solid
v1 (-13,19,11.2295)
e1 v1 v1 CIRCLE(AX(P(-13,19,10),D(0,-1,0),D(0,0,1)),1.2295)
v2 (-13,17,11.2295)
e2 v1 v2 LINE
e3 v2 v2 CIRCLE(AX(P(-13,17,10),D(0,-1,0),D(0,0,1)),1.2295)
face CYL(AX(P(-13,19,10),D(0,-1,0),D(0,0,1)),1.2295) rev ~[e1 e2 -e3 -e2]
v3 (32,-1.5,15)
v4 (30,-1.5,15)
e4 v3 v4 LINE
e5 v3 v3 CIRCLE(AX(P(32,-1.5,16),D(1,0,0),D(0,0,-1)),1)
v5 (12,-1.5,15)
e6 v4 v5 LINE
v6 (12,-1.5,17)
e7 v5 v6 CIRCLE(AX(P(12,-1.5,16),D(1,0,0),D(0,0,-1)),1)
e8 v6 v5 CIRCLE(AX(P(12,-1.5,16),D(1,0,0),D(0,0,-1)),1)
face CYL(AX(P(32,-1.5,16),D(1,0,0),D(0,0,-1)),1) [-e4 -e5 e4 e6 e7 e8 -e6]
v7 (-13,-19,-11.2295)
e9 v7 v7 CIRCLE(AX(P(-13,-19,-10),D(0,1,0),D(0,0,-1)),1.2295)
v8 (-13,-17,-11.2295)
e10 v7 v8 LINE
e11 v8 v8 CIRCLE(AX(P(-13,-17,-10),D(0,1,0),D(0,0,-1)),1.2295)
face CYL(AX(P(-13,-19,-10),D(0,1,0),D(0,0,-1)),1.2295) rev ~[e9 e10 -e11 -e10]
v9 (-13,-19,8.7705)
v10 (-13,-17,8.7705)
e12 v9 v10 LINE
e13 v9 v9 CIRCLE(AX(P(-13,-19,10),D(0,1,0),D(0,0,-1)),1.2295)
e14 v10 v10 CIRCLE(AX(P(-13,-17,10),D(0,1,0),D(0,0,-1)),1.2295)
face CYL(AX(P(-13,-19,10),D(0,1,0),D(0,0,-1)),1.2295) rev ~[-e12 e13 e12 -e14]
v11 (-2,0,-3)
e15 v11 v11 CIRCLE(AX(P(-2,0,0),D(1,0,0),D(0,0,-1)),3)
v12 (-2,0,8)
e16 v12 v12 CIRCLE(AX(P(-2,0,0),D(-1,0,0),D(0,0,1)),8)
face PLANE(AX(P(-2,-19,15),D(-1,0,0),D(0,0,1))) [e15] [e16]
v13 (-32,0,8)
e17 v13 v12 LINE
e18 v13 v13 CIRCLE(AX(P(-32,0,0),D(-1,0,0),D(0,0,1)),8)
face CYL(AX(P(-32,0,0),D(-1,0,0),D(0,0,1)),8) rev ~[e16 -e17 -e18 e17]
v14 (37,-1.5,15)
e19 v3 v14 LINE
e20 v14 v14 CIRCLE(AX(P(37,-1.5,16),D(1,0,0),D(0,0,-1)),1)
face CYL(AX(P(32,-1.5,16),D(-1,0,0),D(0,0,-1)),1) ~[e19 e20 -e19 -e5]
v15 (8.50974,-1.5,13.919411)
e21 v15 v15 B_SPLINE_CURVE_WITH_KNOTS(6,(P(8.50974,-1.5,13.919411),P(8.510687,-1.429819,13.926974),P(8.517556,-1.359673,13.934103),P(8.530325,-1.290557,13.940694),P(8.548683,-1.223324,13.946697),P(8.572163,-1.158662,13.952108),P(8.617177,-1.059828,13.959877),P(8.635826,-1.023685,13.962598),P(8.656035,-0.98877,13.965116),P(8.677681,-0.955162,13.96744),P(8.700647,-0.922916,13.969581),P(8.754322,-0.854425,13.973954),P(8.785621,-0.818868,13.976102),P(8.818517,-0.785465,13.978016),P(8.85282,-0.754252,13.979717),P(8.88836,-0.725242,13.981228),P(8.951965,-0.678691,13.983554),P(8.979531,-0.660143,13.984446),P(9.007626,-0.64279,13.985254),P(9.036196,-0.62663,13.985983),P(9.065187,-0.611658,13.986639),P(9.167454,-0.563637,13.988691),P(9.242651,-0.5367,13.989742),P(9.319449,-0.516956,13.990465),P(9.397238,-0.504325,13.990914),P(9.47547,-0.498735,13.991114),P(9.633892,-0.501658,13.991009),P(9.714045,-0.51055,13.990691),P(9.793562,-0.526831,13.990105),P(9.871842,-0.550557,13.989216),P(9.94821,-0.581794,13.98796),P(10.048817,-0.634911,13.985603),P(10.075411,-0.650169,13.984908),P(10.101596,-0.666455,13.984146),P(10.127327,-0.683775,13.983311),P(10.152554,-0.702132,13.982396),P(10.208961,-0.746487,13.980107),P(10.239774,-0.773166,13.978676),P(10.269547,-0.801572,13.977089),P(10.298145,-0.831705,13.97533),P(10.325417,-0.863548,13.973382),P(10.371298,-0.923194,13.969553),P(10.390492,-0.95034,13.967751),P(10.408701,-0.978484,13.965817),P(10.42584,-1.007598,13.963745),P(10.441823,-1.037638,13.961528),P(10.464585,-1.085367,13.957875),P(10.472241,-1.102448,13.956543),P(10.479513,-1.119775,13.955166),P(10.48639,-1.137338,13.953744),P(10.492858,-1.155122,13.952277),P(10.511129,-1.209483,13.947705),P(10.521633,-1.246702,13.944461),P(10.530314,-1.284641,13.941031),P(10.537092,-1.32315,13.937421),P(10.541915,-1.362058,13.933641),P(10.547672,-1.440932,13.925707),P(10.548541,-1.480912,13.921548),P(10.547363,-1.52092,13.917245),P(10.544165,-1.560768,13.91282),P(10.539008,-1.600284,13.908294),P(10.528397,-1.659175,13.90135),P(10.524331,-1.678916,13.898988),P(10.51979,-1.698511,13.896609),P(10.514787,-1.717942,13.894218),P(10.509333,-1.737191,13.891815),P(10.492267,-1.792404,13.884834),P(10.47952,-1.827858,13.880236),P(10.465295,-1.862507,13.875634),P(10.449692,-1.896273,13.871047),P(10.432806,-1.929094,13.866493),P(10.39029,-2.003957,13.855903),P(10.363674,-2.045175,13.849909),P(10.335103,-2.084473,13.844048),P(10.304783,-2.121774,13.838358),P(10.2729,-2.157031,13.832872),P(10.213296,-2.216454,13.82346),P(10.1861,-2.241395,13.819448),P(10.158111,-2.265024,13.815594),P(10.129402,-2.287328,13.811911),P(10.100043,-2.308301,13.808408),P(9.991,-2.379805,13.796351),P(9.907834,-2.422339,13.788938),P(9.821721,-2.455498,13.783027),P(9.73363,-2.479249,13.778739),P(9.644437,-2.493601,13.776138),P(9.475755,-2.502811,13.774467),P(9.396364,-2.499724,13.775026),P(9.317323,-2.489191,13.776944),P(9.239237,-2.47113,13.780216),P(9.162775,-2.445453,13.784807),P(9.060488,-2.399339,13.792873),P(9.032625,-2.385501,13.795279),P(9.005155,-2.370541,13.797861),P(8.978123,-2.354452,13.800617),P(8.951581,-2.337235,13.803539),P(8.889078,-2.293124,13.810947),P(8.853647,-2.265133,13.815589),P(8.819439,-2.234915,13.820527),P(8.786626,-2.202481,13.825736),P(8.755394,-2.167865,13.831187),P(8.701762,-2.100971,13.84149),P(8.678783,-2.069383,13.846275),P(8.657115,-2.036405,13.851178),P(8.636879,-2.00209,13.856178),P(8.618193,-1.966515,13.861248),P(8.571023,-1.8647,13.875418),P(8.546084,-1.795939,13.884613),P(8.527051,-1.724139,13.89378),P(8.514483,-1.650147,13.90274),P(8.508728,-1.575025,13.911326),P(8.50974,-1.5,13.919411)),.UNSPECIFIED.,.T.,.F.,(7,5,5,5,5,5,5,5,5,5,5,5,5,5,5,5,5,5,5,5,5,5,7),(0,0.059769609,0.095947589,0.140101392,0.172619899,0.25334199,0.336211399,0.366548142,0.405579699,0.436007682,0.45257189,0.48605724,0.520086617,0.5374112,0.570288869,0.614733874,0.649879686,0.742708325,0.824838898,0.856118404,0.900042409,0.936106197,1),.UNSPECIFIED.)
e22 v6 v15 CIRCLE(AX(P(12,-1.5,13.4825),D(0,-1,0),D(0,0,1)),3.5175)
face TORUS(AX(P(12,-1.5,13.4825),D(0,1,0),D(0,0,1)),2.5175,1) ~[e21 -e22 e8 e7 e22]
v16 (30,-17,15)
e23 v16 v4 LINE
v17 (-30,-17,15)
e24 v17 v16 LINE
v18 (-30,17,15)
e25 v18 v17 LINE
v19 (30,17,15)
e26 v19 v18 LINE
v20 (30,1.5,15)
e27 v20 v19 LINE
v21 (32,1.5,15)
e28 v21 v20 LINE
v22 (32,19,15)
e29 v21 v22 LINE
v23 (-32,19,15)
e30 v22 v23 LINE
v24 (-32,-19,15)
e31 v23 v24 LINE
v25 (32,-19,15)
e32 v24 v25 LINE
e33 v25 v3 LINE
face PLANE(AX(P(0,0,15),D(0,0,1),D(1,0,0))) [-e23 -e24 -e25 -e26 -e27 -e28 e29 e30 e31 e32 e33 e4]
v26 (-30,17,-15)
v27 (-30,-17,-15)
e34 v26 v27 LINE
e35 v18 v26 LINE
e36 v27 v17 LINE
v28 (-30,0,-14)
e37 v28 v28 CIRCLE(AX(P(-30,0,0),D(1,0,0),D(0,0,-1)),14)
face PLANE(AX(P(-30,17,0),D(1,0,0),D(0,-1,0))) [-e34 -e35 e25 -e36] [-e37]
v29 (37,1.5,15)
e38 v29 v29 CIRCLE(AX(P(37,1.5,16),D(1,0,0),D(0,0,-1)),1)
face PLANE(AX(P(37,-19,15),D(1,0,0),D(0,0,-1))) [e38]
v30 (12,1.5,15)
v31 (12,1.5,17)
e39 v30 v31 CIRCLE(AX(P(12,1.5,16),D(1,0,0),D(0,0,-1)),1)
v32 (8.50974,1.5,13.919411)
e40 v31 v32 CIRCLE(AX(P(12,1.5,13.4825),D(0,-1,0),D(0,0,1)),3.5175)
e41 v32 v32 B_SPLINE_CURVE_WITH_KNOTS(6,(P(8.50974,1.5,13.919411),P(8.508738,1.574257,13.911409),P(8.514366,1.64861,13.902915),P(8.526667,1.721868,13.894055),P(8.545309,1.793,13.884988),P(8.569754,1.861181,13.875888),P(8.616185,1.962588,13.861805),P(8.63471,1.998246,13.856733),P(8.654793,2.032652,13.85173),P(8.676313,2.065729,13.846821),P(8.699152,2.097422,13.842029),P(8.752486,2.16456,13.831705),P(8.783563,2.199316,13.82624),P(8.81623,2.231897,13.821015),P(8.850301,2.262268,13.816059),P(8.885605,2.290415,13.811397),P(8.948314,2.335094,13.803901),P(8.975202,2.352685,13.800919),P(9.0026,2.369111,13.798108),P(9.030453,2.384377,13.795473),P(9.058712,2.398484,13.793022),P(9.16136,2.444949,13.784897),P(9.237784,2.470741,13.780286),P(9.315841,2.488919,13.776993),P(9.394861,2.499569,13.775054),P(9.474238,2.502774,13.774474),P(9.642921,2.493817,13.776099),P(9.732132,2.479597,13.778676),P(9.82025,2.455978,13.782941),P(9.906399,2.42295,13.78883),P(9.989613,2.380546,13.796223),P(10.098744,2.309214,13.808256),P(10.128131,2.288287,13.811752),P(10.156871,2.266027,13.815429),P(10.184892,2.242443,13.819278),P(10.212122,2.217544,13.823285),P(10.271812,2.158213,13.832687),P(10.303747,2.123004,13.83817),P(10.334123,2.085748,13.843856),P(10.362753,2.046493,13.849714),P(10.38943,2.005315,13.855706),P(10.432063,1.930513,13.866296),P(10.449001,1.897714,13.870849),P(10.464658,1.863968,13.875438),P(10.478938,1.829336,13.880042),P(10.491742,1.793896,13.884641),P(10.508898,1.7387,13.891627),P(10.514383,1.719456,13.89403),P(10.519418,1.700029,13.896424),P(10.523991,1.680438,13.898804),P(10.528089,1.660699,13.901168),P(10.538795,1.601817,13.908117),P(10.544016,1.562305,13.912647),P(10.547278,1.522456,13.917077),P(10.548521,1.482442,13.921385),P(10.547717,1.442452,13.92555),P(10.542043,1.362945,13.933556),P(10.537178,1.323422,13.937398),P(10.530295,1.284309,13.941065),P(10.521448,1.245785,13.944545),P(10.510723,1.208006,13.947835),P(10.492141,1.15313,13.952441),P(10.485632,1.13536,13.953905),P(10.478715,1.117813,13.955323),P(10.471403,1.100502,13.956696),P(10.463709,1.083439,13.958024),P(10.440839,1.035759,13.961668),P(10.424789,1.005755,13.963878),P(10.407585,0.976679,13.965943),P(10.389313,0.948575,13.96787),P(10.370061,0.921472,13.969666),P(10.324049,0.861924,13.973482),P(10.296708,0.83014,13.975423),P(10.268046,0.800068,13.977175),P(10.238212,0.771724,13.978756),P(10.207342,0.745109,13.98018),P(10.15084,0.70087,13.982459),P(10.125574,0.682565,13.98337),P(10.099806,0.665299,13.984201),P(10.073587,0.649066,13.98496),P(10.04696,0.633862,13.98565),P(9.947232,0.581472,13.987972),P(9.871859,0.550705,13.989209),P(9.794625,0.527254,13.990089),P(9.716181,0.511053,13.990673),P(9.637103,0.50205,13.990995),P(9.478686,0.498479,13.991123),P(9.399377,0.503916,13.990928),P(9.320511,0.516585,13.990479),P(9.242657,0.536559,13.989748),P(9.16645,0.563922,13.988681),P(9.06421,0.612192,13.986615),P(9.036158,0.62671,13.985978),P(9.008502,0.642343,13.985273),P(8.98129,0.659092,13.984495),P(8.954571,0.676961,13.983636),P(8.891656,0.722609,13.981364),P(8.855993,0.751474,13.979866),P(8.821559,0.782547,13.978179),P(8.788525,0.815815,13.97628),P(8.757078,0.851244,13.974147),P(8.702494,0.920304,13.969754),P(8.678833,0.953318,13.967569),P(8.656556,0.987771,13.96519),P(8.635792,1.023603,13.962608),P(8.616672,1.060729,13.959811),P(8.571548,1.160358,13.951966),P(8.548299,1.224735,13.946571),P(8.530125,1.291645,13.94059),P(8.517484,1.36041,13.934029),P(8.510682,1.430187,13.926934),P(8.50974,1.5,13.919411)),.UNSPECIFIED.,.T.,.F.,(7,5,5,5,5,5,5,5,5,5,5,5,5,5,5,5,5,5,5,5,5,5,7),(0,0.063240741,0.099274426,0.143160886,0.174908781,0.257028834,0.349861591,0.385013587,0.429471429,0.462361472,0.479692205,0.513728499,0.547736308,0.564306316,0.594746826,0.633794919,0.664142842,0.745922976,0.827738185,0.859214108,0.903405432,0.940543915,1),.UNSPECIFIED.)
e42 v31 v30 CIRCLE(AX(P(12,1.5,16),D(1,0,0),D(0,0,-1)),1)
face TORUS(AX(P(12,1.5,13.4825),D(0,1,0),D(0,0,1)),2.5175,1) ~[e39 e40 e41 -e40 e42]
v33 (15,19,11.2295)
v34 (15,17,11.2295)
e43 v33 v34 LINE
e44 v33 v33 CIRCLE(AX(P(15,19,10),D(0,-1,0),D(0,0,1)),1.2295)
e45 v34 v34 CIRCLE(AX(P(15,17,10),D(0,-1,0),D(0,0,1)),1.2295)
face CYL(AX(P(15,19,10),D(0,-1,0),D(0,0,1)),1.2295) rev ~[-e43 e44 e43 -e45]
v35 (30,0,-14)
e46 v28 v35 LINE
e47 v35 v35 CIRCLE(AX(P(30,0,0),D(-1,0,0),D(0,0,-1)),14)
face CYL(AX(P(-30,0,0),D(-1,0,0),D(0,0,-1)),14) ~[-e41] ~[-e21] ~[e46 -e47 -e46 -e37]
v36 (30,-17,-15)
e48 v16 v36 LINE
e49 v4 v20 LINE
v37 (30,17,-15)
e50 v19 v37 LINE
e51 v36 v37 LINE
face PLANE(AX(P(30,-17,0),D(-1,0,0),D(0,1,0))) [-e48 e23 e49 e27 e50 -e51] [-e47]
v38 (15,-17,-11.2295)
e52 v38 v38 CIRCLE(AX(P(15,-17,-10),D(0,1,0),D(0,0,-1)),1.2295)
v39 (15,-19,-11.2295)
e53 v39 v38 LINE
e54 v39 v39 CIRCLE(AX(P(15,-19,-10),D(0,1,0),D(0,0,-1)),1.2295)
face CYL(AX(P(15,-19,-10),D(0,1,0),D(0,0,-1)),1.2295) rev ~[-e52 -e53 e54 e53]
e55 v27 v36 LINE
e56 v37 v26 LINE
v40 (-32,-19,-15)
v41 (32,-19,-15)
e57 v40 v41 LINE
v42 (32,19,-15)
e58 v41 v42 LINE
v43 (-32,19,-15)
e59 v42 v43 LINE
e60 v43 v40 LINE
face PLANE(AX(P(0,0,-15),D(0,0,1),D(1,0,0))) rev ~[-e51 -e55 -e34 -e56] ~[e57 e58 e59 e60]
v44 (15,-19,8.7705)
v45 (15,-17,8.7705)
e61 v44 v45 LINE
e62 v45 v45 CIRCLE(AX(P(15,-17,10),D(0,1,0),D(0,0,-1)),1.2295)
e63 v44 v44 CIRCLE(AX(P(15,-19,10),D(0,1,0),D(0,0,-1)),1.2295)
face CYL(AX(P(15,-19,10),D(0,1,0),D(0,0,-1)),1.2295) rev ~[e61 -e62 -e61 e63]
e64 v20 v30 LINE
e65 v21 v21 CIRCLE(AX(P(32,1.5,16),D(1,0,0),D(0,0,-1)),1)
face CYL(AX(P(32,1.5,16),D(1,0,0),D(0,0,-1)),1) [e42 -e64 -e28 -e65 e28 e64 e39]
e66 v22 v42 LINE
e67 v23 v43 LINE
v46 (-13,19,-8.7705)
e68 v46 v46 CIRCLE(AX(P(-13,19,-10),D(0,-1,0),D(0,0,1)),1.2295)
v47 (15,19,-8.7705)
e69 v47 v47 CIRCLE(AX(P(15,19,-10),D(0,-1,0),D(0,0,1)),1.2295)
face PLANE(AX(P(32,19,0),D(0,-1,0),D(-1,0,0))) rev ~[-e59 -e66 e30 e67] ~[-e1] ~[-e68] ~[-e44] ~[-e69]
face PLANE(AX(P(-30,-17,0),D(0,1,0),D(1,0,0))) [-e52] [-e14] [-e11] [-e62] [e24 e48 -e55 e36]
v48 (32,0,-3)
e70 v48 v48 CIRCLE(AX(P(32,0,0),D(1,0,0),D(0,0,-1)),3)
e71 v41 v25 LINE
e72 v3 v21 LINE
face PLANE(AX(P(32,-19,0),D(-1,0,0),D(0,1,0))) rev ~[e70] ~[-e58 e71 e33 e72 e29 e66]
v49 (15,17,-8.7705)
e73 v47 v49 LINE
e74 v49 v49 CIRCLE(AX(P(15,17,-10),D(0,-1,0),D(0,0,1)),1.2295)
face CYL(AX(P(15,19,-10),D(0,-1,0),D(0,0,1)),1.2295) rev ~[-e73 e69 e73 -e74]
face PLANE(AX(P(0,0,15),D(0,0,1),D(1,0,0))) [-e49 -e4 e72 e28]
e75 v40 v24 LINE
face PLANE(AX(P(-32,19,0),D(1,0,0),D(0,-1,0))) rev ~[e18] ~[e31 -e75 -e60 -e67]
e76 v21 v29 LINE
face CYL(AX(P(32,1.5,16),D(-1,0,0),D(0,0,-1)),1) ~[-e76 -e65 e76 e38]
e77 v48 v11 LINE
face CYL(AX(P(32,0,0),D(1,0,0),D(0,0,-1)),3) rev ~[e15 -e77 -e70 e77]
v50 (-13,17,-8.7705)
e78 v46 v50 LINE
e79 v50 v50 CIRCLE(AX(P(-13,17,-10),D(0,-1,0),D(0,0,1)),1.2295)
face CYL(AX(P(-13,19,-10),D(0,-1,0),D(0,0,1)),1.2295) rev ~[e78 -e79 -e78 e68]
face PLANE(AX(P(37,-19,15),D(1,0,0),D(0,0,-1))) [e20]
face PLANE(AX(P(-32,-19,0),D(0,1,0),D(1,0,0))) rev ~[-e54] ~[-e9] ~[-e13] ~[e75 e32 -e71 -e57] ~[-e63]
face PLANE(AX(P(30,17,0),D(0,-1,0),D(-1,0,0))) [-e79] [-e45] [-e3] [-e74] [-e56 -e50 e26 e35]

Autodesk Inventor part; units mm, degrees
ref_plane "YZ Plane" through (0, 0, 0) normal (1, 0, 0) x (0, 1, 0)
ref_plane "XZ Plane" through (0, 0, 0) normal (0, 1, 0) x (-1, 0, 0)
ref_plane "XY Plane" through (0, 0, 0) normal (0, 0, 1) x (1, 0, 0)
sketch "Skizze1" plane through (0, 0, 0) normal (0, 0, 1) x (1, 0, 0)
  line L0 (-30, -17) -> (30, -17)
  line L1 (30, -17) -> (30, 17)
  line L2 (30, 17) -> (-30, 17)
  line L3 (-30, 17) -> (-30, -17)
  line L4 (-30, -17) -> (30, 17) construction
  line L5 (30, -17) -> (-30, 17) construction
  line L6 (-32, -19) -> (32, -19)
  line L7 (32, -19) -> (32, 19)
  line L8 (32, 19) -> (-32, 19)
  line L9 (-32, 19) -> (-32, -19)
  line L10 (-32, -19) -> (32, 19) construction
  line L11 (32, -19) -> (-32, 19) construction
  point P0 (0, 0)
  dimension "d0" = 38
  dimension "d1" = 64
  dimension "d2" = 2
  dimension "d3" = 2
extrude "Extrusion1" add sketch "Skizze1" along normal mid plane 30
sketch "Skizze2" plane through (-30, -17, -15) normal (1, 0, 0) x (0, 0, -1)
  circle A0 centre (-15, 17) radius 14
  dimension "d6" = 28
extrude "Extrusion2" add sketch "Skizze2" along normal up to next
sketch "Skizze3" plane through (32, -19, 15) normal (1, 0, 0) x (0, 0, -1)
  circle A0 centre (15, 19) radius 3
  dimension "d9" = 6
extrude "Extrusion3" cut sketch "Skizze3" against normal through all
sketch "Skizze4" plane through (-32, -19, 15) normal (-1, 0, 0) x (0, 0, 1)
  circle A0 centre (-15, 19) radius 8
  dimension "d12" = 16
extrude "Extrusion4" cut sketch "Skizze4" against normal blind 30
sketch "Skizze5" plane through (-32, 19, 15) normal (0, 1, 0) x (1, 0, 0)
  line L0 (19, 5) -> (47, 5)
  line L1 (47, 5) -> (47, 25)
  line L2 (47, 25) -> (19, 25)
  line L3 (19, 25) -> (19, 5)
  line L4 (19, 5) -> (47, 25) construction
  line L5 (47, 5) -> (19, 25) construction
  line L6 (64, 30) -> (64, 0) projected
  point P0 (32, 15)
  point P1 (33, 15)
  point P2 (33, 15)
  dimension "d15" = 28
  dimension "d16" = 20
  dimension "d17" = 17
hole "Bohrung1" at (-13, 19, -10) at (15, 19, -10) at (15, 19, 10) at (-13, 19, 10) direction (0, -1, 0) diameter 2.459 depth 2 thread size "M3x0.5" class "6H" standard "ISO Metric profile"
sketch "Skizze6" plane through (-32, -19, 15) normal (0, -1, 0) x (1, 0, 0)
  circle A0 centre (47, -5) radius 1.2295 projected
  circle A1 centre (19, -25) radius 1.2295 projected
  circle A2 centre (47, -25) radius 1.2295 projected
  circle A3 centre (19, -5) radius 1.2295 projected
  line L0 (2, -30) -> (2, 0) projected
  line L1 (62, -30) -> (2, -30) projected
  line L2 (62, -30) -> (62, 0) projected
  line L3 (2, 0) -> (62, 0) projected
  point P0 (32, -15)
hole "Bohrung2" at (-13, -19, 10) at (-13, -19, -10) at (15, -19, -10) at (15, -19, 10) direction (0, 1, 0) diameter 2.459 depth 2 thread size "M3x0.5" class "6H" standard "ISO Metric profile"
sketch "Skizze7" plane through (32, -19, 15) normal (1, 0, 0) x (0, 0, -1)
  circle A0 centre (-1, 20.5) radius 1
  circle A1 centre (-1, 17.5) radius 1
  line L0 (0, 0) -> (0, 38) projected
  line L1 (36.4, 19) -> (-8.4, 19) projected
  point P0 (15, 19)
  dimension "d32" = 2
  dimension "d34" = 3
  dimension "d35" = 1
extrude "Extrusion5" add sketch "Skizze7" along normal blind 5 and the other way blind 20
sketch "Skizze8" plane through (12, 1.5, 16) normal (-1, 0, 0) x (0, 0, 1)
  circle A0 centre (0, -3) radius 1 projected
  circle A1 centre (0, 0) radius 1 projected
  circle A2 centre (0, -3) radius 1
  circle A3 centre (0, 0) radius 1
  circle A4 centre (-16, -1.5) radius 14 projected
  line L0 (-2.5175, -5.2711) -> (-2.5175, 7.0646)
  point P0 (-16, -1.5)
revolve "Umdrehung1" add sketch "Skizze8" angle 90 about axis through (12, -3.7711, 13.4825) along (0, -1, 0) contours A0 | A1
sketch "Skizze9" plane through (37, 1.5, 16) normal (1, 0, 0) x (0, 0, -1)
  circle A0 centre (0, 0) radius 1 projected
sketch "Skizze10" plane through (37, -1.5, 16) normal (1, 0, 0) x (0, 0, -1)
  circle A0 centre (0, 0) radius 1 projected
properties part number "Korper"
